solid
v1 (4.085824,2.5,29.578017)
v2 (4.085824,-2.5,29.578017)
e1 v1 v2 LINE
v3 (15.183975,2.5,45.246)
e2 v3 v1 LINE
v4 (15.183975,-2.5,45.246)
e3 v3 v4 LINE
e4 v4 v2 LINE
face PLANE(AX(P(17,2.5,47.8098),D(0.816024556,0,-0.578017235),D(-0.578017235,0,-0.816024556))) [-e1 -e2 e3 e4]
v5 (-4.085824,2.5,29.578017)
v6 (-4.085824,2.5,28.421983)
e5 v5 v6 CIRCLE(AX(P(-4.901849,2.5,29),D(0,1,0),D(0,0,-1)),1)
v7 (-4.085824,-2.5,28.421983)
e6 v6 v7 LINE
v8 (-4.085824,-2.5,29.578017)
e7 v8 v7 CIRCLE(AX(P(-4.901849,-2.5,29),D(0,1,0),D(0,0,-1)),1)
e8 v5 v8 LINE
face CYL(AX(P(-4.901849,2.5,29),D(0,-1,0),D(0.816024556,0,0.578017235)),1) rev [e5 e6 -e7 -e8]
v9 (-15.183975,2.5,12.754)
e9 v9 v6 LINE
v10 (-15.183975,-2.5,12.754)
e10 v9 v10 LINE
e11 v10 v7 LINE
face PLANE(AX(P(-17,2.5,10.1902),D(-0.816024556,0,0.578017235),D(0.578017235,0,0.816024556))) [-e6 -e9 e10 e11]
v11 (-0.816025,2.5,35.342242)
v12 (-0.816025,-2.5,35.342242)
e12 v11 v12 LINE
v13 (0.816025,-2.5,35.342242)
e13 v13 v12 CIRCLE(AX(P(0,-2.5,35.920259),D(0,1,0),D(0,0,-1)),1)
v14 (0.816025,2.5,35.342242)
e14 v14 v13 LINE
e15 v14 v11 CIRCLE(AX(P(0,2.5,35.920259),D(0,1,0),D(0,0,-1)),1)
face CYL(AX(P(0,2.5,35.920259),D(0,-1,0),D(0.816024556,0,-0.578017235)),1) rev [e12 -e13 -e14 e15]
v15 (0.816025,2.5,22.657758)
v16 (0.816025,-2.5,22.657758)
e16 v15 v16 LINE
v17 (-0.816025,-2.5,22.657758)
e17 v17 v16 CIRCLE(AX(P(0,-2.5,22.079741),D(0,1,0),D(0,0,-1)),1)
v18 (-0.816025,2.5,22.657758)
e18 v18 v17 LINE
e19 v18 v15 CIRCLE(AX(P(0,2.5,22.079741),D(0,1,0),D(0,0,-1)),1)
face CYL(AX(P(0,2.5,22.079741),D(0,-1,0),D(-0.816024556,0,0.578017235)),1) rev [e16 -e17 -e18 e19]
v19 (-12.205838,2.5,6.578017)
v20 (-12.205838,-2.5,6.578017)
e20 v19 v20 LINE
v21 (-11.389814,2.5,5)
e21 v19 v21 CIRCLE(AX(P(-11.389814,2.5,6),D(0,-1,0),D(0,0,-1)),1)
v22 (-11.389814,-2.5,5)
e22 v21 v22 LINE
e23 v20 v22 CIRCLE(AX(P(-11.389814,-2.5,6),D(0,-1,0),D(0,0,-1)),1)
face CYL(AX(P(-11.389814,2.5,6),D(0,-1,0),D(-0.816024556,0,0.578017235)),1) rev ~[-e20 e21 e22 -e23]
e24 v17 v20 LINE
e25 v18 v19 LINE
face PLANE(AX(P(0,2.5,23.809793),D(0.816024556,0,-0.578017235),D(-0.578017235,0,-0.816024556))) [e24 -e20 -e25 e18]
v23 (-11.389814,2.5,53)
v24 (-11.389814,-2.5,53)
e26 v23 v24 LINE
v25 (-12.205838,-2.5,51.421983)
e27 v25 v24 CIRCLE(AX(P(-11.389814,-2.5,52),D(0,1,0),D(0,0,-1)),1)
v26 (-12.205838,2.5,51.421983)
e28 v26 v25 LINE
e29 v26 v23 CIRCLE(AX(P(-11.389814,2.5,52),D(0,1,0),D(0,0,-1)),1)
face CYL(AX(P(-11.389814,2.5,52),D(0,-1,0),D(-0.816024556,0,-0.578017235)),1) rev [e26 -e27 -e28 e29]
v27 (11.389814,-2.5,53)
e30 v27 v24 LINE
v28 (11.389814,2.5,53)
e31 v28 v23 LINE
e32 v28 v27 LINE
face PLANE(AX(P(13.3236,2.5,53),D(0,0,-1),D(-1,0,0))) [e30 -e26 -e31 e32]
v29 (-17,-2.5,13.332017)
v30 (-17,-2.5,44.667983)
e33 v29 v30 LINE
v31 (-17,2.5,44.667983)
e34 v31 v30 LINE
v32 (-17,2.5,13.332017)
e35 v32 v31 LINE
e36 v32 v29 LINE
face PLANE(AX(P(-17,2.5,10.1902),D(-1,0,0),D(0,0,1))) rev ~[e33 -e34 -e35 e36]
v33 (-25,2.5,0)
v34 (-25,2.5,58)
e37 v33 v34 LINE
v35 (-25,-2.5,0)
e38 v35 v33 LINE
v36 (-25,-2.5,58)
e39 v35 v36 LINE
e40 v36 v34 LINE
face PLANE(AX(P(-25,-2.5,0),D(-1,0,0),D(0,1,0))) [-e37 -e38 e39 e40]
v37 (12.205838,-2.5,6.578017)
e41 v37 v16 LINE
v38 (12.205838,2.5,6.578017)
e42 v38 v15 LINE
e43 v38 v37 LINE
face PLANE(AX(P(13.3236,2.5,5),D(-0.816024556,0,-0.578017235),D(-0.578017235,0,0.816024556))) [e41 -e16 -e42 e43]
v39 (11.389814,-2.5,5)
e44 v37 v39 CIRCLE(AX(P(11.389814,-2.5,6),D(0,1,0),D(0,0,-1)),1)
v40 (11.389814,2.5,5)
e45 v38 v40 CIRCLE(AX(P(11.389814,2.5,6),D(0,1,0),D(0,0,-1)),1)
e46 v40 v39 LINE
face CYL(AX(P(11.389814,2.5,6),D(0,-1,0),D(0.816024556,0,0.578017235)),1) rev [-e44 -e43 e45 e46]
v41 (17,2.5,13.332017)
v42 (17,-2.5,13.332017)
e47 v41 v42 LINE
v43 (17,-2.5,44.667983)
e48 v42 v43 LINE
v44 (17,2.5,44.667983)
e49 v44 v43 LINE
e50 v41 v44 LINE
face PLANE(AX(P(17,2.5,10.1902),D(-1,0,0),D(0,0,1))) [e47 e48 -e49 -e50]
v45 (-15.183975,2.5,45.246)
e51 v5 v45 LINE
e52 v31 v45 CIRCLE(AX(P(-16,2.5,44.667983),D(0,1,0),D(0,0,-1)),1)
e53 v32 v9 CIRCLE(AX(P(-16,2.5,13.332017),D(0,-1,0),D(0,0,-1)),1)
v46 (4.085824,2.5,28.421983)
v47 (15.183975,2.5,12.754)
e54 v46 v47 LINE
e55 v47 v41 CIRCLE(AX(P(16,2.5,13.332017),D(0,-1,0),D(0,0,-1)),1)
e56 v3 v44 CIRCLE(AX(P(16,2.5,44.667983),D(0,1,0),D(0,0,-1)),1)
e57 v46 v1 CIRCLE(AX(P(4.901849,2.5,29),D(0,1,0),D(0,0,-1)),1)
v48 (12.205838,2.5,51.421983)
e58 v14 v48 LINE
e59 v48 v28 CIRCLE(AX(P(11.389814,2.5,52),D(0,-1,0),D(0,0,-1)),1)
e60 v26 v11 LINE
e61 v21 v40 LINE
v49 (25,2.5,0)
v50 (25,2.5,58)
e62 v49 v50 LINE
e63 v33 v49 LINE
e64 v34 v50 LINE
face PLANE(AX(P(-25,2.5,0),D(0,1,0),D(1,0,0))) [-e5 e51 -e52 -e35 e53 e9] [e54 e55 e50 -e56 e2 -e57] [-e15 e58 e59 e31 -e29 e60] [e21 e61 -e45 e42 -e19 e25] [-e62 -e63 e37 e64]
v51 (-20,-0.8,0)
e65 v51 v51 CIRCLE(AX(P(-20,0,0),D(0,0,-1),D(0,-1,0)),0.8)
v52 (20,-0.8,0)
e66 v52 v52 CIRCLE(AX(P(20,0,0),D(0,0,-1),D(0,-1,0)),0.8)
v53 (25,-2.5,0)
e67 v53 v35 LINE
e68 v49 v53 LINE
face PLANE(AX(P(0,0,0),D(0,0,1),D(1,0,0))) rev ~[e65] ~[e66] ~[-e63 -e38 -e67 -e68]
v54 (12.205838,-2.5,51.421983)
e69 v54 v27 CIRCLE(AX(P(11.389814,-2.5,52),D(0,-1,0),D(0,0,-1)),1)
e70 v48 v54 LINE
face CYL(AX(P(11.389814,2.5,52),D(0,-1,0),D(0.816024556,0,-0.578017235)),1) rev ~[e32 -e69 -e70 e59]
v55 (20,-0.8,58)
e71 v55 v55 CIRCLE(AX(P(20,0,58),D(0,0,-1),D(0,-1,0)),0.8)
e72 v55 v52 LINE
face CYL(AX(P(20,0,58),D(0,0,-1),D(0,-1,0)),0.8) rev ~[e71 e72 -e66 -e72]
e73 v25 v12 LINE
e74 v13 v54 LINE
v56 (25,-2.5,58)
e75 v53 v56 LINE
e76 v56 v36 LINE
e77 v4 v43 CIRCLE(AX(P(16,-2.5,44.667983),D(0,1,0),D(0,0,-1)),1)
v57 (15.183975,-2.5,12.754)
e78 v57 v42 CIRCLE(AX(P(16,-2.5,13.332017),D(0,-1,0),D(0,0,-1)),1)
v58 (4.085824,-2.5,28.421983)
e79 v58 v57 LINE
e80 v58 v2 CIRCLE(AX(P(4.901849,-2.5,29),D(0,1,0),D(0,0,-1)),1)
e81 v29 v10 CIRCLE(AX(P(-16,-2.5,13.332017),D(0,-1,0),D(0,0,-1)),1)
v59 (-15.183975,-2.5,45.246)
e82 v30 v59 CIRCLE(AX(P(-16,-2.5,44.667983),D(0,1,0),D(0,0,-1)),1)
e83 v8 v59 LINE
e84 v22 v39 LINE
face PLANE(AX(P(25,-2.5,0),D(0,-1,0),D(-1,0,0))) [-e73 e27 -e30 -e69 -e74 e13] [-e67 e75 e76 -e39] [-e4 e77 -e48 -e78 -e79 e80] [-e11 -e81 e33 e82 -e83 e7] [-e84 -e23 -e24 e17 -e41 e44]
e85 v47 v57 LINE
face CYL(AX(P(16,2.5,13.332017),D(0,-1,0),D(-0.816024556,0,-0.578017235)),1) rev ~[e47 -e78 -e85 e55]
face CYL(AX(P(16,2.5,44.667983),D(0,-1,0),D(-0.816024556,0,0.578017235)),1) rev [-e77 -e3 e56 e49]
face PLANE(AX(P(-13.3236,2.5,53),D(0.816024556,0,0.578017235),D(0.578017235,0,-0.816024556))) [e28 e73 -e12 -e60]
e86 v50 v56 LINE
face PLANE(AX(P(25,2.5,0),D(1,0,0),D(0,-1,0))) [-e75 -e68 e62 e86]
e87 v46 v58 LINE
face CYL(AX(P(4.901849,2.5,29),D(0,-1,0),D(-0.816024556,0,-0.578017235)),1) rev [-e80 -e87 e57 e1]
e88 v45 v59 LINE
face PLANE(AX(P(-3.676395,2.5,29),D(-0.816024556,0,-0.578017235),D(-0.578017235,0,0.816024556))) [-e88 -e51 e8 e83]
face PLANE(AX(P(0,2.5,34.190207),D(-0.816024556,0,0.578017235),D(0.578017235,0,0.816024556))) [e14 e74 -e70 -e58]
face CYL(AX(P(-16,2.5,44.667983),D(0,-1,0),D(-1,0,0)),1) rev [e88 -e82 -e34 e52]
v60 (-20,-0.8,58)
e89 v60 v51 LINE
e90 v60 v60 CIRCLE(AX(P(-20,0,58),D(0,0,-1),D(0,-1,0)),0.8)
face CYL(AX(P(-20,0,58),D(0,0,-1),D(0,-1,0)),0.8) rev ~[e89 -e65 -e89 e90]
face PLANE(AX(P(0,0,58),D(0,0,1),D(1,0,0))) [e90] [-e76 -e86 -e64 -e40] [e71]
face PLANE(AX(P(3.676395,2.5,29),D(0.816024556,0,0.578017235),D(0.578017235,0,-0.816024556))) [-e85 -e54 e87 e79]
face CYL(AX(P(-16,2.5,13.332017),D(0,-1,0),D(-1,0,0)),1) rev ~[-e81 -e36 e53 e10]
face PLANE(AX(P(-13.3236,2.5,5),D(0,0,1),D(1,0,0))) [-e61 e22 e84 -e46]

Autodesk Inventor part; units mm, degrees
ref_plane "YZ Plane" through (0, 0, 0) normal (1, 0, 0) x (0, 1, 0)
ref_plane "XZ Plane" through (0, 0, 0) normal (0, 1, 0) x (-1, 0, 0)
ref_plane "XY Plane" through (0, 0, 0) normal (0, 0, 1) x (1, 0, 0)
sketch "スケッチ1" plane through (0, 0, 0) normal (0, 0, 1) x (1, 0, 0)
  line L0 (25, 2.5) -> (25, -2.5)
  line L1 (25, -2.5) -> (-25, -2.5)
  line L2 (-25, -2.5) -> (-25, 2.5)
  line L3 (-25, 2.5) -> (25, 2.5)
  point P0 (0, 0)
  dimension "d6" = 50
  dimension "d11" = 2.5
  dimension "d12" = 25
  dimension "d17" = 5
extrude "押し出し2" add sketch "スケッチ1" along normal blind 58
sketch "スケッチ2" plane through (0, 0, 58) normal (0, 0, 1) x (1, 0, 0)
  line L0 (25, 2.5) -> (-25, 2.5) projected
  circle A0 centre (-20, 0) radius 1
  circle A1 centre (20, 0) radius 1
  point P0 (0, 0)
  dimension "d20" = 2
  dimension "d22" = 40
  dimension "d23" = 20
  dimension "d24" = 2.5
  dimension "d25" = 2.5
hole "穴1" at (-20, 0, 58) at (20, 0, 58) direction (0, 0, -1) diameter 1.6 end through all
sketch "スケッチ3" plane through (-25, 2.5, 0) normal (0, 1, 0) x (1, 0, 0)
  line L0 (50, 0) -> (0, 0) projected
  line L1 (0, 0) -> (0, -58) projected
  line L2 (50, -58) -> (0, -58) projected
  line L3 (50, 0) -> (50, -58) projected
  line L4 (8, -5) -> (8, -53)
  line L5 (8, -53) -> (42, -5)
  line L6 (42, -5) -> (42, -53)
  line L7 (42, -53) -> (8, -5)
  line L8 (8, -5) -> (42, -5)
  line L9 (42, -53) -> (8, -53)
  line L10 (8, -10.1902) -> (38.3236, -53)
  line L11 (42, -47.8098) -> (11.6764, -5)
  line L12 (38.3236, -5) -> (8, -47.8098)
  line L13 (11.6764, -53) -> (42, -10.1902)
  point P0 (25, 0)
  dimension "d35" = 5
  dimension "d36" = 5
  dimension "d37" = 8
  dimension "d38" = 8
  dimension "d39" = 6
  dimension "d40" = 6
extrude "押し出し3" cut sketch "スケッチ3" against normal blind 5 contours L3 L2 L1 L0 | L7 L12 L10 L4 | L8 L11 L12 L7 | L12 L11 L5 L7 | L7 L5 L10 L12 | L12 L10 L5 L4 | L7 L13 L10 L5 | L5 L11 L13 L7 | L12 L8 L5 L11 | L5 L10 L13 L9 | L5 L6 L13 L11 | L13 L11 L6 L7 | L7 L9 L10 L13 keep common part
fillet "フィレット1" radius 1 12 edges at (-13.3236, 0, 5) (-17, 0, 10.1902) (0, 0, 23.8098) (-17, 0, 47.8098) (-3.6764, 0, 29) (13.3236, 0, 5) (0, 0, 34.1902) (17, 0, 10.1902) (17, 0, 47.8098) (13.3236, 0, 53) (-13.3236, 0, 53) (3.6764, 0, 29)
properties part number "Link_Supporter"
